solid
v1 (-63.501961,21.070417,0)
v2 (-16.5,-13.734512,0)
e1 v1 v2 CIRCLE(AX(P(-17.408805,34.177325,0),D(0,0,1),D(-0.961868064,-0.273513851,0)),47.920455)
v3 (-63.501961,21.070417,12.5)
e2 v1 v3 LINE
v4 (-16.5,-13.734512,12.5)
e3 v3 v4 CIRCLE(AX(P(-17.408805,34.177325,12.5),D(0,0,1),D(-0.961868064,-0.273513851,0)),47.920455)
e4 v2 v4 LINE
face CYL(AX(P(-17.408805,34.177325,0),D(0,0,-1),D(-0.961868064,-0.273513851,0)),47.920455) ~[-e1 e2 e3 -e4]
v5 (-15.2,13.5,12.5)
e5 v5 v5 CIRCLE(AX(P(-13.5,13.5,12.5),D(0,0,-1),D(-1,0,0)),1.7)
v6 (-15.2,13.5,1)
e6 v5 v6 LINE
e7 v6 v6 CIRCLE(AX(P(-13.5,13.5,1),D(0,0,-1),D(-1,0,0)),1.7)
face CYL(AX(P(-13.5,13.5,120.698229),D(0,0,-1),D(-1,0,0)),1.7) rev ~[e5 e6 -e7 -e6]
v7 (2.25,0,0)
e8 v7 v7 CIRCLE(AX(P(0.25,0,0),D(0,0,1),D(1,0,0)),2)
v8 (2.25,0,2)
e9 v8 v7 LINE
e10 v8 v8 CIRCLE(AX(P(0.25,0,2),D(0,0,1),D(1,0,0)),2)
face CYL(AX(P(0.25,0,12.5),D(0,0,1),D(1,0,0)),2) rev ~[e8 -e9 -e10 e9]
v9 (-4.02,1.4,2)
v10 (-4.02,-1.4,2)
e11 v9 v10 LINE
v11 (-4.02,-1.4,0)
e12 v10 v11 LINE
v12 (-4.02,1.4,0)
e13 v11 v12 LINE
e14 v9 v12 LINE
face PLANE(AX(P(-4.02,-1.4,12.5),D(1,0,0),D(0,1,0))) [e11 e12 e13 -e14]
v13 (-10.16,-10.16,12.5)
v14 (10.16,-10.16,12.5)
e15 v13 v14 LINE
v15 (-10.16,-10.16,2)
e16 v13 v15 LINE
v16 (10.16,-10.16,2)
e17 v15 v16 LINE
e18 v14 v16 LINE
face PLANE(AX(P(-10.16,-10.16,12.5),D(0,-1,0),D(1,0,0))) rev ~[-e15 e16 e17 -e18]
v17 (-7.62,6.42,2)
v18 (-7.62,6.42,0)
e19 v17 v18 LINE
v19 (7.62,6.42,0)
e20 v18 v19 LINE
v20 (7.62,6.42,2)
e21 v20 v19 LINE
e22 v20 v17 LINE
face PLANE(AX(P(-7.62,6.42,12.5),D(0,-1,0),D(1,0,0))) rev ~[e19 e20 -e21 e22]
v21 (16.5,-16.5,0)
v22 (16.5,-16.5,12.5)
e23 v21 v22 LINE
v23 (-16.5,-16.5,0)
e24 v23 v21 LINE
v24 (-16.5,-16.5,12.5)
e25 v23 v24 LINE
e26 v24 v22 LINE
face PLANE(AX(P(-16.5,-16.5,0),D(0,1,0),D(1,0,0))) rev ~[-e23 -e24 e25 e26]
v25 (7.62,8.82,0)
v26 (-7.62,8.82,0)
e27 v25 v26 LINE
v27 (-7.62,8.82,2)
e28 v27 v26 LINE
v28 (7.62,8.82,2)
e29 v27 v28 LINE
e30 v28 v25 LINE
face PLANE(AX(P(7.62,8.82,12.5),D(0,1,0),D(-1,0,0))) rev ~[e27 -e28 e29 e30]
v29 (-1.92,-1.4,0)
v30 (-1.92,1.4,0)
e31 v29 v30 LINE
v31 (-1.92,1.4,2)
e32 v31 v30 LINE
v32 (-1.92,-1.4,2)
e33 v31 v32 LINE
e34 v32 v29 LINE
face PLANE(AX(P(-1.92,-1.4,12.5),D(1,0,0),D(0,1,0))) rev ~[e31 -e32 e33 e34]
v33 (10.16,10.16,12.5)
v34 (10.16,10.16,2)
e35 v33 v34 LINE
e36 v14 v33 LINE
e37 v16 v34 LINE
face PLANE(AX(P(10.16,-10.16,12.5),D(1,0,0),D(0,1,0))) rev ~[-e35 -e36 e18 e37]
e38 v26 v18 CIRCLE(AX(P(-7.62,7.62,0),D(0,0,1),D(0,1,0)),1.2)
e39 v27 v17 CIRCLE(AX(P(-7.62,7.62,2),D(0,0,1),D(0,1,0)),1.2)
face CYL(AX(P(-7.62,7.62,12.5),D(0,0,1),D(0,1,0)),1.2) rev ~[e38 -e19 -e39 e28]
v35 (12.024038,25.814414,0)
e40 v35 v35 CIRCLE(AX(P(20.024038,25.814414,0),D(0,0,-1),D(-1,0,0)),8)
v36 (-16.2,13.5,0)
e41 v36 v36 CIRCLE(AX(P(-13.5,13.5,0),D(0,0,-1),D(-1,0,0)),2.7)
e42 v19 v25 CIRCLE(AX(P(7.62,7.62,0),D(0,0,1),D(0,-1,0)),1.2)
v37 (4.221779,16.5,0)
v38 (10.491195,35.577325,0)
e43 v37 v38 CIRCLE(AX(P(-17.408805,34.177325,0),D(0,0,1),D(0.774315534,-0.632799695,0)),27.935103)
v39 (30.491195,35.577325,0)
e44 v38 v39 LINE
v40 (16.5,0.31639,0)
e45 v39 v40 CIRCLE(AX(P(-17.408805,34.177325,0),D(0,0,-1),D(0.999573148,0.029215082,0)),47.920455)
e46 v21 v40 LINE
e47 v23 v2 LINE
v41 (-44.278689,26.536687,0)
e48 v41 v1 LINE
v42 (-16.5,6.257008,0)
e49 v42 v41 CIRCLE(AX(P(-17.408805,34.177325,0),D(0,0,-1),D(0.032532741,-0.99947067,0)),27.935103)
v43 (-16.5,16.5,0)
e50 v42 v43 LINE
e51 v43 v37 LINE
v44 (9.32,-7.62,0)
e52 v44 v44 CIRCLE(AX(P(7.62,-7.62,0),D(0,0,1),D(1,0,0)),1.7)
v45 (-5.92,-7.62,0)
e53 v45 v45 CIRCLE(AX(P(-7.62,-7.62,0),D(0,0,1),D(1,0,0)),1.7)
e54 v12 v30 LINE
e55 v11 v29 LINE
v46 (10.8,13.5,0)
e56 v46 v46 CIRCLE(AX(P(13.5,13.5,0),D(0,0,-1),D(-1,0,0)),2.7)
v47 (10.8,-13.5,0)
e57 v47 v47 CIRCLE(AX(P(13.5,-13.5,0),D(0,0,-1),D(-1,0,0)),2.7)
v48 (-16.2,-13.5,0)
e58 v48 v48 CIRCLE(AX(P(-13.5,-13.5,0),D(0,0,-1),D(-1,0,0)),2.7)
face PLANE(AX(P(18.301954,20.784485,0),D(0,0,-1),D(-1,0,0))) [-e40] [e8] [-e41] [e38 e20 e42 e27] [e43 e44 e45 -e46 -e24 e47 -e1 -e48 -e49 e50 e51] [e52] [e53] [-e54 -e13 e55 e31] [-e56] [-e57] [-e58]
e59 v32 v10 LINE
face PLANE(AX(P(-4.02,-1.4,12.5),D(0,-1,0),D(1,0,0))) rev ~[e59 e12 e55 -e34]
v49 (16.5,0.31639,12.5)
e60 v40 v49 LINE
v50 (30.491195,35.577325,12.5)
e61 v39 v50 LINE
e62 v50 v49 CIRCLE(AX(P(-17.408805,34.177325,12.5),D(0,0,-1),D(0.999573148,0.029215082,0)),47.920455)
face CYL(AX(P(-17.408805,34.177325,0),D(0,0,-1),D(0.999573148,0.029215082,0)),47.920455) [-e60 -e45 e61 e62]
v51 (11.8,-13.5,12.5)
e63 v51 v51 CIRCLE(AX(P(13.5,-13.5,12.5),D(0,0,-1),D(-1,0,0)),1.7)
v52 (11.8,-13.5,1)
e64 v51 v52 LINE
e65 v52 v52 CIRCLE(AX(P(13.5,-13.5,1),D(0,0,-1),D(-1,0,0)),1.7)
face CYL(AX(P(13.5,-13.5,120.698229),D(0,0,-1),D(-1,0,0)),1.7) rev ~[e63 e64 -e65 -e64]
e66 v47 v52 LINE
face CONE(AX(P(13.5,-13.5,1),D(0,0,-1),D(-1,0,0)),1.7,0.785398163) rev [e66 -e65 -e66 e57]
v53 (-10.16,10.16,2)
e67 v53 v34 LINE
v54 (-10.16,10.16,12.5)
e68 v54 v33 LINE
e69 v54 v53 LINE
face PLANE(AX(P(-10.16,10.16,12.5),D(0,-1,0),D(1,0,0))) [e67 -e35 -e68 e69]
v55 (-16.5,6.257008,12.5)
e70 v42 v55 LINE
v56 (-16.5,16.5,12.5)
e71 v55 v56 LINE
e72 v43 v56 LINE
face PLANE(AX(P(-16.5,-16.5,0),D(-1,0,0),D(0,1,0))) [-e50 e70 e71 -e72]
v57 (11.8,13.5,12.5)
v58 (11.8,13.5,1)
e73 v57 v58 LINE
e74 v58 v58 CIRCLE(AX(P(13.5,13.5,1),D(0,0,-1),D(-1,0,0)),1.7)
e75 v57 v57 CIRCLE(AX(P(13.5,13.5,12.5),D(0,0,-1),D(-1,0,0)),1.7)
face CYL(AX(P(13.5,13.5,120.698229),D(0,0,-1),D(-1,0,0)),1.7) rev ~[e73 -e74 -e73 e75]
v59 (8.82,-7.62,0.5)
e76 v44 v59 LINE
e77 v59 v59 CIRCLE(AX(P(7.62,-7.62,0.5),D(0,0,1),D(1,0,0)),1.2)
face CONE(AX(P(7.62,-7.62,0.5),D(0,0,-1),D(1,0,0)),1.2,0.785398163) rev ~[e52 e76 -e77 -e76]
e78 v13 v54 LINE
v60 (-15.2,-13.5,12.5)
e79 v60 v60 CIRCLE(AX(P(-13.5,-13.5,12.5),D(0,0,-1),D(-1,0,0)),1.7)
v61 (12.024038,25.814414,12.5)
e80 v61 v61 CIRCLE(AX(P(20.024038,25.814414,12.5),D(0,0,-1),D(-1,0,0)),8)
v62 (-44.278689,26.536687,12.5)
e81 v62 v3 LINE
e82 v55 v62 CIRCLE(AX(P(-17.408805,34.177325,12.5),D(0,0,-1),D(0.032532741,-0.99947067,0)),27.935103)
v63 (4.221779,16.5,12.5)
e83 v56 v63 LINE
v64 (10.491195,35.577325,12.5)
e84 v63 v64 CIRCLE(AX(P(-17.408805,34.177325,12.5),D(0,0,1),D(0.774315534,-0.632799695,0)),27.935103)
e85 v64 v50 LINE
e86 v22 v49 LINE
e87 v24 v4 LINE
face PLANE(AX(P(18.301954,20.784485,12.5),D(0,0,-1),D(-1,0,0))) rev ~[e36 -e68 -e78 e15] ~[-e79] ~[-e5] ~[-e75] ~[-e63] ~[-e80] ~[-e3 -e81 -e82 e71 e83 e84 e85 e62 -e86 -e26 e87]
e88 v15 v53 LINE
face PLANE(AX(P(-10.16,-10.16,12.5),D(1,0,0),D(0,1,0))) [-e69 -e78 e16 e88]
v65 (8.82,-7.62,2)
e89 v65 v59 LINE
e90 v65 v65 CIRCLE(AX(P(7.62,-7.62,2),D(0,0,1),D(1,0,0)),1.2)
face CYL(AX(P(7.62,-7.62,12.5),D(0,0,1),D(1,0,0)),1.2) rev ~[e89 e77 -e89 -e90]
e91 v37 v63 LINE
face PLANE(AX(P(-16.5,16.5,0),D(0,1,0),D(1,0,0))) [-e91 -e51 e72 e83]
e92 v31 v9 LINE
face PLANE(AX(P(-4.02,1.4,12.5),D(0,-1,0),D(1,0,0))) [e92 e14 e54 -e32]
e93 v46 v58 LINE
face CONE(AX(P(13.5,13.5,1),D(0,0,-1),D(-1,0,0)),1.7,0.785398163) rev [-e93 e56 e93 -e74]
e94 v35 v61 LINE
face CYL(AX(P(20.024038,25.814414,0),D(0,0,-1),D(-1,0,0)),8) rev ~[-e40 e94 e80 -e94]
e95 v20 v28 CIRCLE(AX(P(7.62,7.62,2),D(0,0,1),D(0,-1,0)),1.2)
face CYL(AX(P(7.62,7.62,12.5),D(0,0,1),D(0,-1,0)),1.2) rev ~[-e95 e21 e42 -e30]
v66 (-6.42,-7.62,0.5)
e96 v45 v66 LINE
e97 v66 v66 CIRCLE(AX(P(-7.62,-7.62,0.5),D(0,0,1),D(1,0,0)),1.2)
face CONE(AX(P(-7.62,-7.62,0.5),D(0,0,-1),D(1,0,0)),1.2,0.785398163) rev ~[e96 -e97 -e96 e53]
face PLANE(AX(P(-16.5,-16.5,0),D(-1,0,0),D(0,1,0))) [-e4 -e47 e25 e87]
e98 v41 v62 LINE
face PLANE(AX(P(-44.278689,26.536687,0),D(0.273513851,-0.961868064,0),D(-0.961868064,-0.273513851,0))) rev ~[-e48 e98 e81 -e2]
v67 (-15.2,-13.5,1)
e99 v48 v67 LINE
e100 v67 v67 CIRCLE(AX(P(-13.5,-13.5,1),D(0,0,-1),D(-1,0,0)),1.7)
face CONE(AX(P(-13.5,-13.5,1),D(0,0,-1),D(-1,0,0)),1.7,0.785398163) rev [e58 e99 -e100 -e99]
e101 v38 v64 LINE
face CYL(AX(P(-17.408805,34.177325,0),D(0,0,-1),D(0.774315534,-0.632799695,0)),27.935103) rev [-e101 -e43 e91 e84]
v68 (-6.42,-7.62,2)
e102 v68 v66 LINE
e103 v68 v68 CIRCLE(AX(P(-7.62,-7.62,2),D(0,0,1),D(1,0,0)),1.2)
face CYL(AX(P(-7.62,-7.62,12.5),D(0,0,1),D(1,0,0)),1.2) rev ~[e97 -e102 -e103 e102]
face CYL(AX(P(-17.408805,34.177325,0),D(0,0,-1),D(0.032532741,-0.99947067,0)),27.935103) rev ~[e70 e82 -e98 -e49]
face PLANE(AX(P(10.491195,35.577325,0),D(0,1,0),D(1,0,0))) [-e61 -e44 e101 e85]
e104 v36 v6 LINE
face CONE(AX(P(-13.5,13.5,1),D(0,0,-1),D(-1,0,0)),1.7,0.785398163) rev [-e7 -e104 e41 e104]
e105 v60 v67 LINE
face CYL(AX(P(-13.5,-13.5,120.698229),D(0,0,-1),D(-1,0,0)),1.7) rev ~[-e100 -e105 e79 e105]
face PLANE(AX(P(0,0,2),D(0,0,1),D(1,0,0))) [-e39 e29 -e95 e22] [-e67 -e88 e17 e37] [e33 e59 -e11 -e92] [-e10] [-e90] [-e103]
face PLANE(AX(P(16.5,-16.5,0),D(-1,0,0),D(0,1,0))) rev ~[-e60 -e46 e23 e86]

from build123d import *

# Parameters (mm, degrees)
ESQUISSE1_W             = 33
ESQUISSE1_H             = 33
BOSS_EXTRU_1_DEPTH      = 12.5
ESQUISSE3_R             = 2
ESQUISSE3_W             = 2.1
ESQUISSE3_H             = 2.8
ENL_V_MAT_EXTRU_1_DEPTH = 13.5
ESQUISSE2_R             = 1.2
ENL_V_MAT_EXTRU_3_DEPTH = 13.5
ESQUISSE5_W             = 20.32
ESQUISSE5_H             = 20.32
ENL_V_MAT_EXTRU_5_DEPTH = 10.5
ESQUISSE8_R             = 8
BOSS_EXTRU_4_DEPTH      = 12.5
D_GAGEMENT_M31_D        = 3.4
CHANFREIN1_SIZE         = 1
CHANFREIN2_SIZE         = 0.5


with BuildPart() as part:
    # Esquisse1 → Boss.-Extru.1 (new body)
    with BuildSketch(Plane.XY):
        Rectangle(ESQUISSE1_W, ESQUISSE1_H)
    extrude(amount=BOSS_EXTRU_1_DEPTH)

    # Esquisse3 → Enlèv. mat.-Extru.1 (cut, through all)
    with BuildSketch(Plane.XY.offset(12.5)):
        with Locations((0.25, 0)):
            Circle(ESQUISSE3_R)
        with Locations((-2.97, 0)):
            Rectangle(ESQUISSE3_W, ESQUISSE3_H)
    extrude(amount=-ENL_V_MAT_EXTRU_1_DEPTH, mode=Mode.SUBTRACT)

    # Esquisse2 → Enlèv. mat.-Extru.3 (cut, through all)
    with BuildSketch(Plane.XY.offset(12.5)):
        with BuildLine():
            Line((7.62, 8.82), (-7.62, 8.82))
            ThreePointArc((-7.62, 8.82), (-8.82, 7.62), (-7.62, 6.42))
            Line((-7.62, 6.42), (7.62, 6.42))
            ThreePointArc((7.62, 6.42), (8.82, 7.62), (7.62, 8.82))
        make_face()
        with Locations((7.62, -7.62)):
            Circle(ESQUISSE2_R)
        with Locations((-7.62, -7.62)):
            Circle(ESQUISSE2_R)
    extrude(amount=-ENL_V_MAT_EXTRU_3_DEPTH, mode=Mode.SUBTRACT)

    # Esquisse5 → Enlèv. mat.-Extru.5 (cut)
    with BuildSketch(Plane.XY.offset(12.5)):
        Rectangle(ESQUISSE5_W, ESQUISSE5_H)
    extrude(amount=-ENL_V_MAT_EXTRU_5_DEPTH, mode=Mode.SUBTRACT)

    # Esquisse8 → Boss.-Extru.4 (add)
    with BuildSketch(Plane(origin=(0, 0, 0), x_dir=(-1, 0, 0), z_dir=(0, 0, -1))):
        with BuildLine():
            Line((-10.491194523, 35.577324893), (-30.491194523, 35.577324893))
            ThreePointArc((-30.491194523, 35.577324893), (-27.133349226, 16.503433006), (-16.5, 0.31639001))
            Line((-16.5, 0.31639001), (-16.5, 16.5))
            Line((-16.5, 16.5), (-4.221778996, 16.5))
            ThreePointArc((-4.221778996, 16.5), (-9.129954495, 25.455844561), (-10.491194523, 35.577324893))
        make_face()
        with Locations((-20.024037982, 25.814414184)):
            Circle(ESQUISSE8_R, mode=Mode.SUBTRACT)
        with BuildLine():
            Line((44.278689278, 26.536687189), (63.501960696, 21.070416717))
            ThreePointArc((63.501960696, 21.070416717), (45.926381173, -4.33394458), (16.5, -13.734511563))
            Line((16.5, -13.734511563), (16.5, 6.257008408))
            ThreePointArc((16.5, 6.257008408), (33.880318455, 11.614983254), (44.278689278, 26.536687189))
        make_face()
    extrude(amount=-BOSS_EXTRU_4_DEPTH)

    # Dégagement M31 (through all)
    with Locations(Plane(origin=(-13.5, 13.5, 12.5), x_dir=(1, 0, 0), z_dir=(0, 0, 1))):
        with Locations((0, 0), (27, 0), (27, -27), (0, -27)):
            Hole(D_GAGEMENT_M31_D / 2)

    # Chanfrein1
    chanfrein1_edges = [part.edges().sort_by_distance(p)[0] for p in [
        (-11.8, -13.5, 0),
        (15.2, -13.5, 0),
        (15.2, 13.5, 0),
        (-11.8, 13.5, 0),
    ]]
    chamfer(chanfrein1_edges, length=CHANFREIN1_SIZE)

    # Chanfrein2
    chanfrein2_edges = [part.edges().sort_by_distance(p)[0] for p in [
        (6.42, -7.62, 0),
        (-8.82, -7.62, 0),
    ]]
    chamfer(chanfrein2_edges, length=CHANFREIN2_SIZE)


solid = part.part
